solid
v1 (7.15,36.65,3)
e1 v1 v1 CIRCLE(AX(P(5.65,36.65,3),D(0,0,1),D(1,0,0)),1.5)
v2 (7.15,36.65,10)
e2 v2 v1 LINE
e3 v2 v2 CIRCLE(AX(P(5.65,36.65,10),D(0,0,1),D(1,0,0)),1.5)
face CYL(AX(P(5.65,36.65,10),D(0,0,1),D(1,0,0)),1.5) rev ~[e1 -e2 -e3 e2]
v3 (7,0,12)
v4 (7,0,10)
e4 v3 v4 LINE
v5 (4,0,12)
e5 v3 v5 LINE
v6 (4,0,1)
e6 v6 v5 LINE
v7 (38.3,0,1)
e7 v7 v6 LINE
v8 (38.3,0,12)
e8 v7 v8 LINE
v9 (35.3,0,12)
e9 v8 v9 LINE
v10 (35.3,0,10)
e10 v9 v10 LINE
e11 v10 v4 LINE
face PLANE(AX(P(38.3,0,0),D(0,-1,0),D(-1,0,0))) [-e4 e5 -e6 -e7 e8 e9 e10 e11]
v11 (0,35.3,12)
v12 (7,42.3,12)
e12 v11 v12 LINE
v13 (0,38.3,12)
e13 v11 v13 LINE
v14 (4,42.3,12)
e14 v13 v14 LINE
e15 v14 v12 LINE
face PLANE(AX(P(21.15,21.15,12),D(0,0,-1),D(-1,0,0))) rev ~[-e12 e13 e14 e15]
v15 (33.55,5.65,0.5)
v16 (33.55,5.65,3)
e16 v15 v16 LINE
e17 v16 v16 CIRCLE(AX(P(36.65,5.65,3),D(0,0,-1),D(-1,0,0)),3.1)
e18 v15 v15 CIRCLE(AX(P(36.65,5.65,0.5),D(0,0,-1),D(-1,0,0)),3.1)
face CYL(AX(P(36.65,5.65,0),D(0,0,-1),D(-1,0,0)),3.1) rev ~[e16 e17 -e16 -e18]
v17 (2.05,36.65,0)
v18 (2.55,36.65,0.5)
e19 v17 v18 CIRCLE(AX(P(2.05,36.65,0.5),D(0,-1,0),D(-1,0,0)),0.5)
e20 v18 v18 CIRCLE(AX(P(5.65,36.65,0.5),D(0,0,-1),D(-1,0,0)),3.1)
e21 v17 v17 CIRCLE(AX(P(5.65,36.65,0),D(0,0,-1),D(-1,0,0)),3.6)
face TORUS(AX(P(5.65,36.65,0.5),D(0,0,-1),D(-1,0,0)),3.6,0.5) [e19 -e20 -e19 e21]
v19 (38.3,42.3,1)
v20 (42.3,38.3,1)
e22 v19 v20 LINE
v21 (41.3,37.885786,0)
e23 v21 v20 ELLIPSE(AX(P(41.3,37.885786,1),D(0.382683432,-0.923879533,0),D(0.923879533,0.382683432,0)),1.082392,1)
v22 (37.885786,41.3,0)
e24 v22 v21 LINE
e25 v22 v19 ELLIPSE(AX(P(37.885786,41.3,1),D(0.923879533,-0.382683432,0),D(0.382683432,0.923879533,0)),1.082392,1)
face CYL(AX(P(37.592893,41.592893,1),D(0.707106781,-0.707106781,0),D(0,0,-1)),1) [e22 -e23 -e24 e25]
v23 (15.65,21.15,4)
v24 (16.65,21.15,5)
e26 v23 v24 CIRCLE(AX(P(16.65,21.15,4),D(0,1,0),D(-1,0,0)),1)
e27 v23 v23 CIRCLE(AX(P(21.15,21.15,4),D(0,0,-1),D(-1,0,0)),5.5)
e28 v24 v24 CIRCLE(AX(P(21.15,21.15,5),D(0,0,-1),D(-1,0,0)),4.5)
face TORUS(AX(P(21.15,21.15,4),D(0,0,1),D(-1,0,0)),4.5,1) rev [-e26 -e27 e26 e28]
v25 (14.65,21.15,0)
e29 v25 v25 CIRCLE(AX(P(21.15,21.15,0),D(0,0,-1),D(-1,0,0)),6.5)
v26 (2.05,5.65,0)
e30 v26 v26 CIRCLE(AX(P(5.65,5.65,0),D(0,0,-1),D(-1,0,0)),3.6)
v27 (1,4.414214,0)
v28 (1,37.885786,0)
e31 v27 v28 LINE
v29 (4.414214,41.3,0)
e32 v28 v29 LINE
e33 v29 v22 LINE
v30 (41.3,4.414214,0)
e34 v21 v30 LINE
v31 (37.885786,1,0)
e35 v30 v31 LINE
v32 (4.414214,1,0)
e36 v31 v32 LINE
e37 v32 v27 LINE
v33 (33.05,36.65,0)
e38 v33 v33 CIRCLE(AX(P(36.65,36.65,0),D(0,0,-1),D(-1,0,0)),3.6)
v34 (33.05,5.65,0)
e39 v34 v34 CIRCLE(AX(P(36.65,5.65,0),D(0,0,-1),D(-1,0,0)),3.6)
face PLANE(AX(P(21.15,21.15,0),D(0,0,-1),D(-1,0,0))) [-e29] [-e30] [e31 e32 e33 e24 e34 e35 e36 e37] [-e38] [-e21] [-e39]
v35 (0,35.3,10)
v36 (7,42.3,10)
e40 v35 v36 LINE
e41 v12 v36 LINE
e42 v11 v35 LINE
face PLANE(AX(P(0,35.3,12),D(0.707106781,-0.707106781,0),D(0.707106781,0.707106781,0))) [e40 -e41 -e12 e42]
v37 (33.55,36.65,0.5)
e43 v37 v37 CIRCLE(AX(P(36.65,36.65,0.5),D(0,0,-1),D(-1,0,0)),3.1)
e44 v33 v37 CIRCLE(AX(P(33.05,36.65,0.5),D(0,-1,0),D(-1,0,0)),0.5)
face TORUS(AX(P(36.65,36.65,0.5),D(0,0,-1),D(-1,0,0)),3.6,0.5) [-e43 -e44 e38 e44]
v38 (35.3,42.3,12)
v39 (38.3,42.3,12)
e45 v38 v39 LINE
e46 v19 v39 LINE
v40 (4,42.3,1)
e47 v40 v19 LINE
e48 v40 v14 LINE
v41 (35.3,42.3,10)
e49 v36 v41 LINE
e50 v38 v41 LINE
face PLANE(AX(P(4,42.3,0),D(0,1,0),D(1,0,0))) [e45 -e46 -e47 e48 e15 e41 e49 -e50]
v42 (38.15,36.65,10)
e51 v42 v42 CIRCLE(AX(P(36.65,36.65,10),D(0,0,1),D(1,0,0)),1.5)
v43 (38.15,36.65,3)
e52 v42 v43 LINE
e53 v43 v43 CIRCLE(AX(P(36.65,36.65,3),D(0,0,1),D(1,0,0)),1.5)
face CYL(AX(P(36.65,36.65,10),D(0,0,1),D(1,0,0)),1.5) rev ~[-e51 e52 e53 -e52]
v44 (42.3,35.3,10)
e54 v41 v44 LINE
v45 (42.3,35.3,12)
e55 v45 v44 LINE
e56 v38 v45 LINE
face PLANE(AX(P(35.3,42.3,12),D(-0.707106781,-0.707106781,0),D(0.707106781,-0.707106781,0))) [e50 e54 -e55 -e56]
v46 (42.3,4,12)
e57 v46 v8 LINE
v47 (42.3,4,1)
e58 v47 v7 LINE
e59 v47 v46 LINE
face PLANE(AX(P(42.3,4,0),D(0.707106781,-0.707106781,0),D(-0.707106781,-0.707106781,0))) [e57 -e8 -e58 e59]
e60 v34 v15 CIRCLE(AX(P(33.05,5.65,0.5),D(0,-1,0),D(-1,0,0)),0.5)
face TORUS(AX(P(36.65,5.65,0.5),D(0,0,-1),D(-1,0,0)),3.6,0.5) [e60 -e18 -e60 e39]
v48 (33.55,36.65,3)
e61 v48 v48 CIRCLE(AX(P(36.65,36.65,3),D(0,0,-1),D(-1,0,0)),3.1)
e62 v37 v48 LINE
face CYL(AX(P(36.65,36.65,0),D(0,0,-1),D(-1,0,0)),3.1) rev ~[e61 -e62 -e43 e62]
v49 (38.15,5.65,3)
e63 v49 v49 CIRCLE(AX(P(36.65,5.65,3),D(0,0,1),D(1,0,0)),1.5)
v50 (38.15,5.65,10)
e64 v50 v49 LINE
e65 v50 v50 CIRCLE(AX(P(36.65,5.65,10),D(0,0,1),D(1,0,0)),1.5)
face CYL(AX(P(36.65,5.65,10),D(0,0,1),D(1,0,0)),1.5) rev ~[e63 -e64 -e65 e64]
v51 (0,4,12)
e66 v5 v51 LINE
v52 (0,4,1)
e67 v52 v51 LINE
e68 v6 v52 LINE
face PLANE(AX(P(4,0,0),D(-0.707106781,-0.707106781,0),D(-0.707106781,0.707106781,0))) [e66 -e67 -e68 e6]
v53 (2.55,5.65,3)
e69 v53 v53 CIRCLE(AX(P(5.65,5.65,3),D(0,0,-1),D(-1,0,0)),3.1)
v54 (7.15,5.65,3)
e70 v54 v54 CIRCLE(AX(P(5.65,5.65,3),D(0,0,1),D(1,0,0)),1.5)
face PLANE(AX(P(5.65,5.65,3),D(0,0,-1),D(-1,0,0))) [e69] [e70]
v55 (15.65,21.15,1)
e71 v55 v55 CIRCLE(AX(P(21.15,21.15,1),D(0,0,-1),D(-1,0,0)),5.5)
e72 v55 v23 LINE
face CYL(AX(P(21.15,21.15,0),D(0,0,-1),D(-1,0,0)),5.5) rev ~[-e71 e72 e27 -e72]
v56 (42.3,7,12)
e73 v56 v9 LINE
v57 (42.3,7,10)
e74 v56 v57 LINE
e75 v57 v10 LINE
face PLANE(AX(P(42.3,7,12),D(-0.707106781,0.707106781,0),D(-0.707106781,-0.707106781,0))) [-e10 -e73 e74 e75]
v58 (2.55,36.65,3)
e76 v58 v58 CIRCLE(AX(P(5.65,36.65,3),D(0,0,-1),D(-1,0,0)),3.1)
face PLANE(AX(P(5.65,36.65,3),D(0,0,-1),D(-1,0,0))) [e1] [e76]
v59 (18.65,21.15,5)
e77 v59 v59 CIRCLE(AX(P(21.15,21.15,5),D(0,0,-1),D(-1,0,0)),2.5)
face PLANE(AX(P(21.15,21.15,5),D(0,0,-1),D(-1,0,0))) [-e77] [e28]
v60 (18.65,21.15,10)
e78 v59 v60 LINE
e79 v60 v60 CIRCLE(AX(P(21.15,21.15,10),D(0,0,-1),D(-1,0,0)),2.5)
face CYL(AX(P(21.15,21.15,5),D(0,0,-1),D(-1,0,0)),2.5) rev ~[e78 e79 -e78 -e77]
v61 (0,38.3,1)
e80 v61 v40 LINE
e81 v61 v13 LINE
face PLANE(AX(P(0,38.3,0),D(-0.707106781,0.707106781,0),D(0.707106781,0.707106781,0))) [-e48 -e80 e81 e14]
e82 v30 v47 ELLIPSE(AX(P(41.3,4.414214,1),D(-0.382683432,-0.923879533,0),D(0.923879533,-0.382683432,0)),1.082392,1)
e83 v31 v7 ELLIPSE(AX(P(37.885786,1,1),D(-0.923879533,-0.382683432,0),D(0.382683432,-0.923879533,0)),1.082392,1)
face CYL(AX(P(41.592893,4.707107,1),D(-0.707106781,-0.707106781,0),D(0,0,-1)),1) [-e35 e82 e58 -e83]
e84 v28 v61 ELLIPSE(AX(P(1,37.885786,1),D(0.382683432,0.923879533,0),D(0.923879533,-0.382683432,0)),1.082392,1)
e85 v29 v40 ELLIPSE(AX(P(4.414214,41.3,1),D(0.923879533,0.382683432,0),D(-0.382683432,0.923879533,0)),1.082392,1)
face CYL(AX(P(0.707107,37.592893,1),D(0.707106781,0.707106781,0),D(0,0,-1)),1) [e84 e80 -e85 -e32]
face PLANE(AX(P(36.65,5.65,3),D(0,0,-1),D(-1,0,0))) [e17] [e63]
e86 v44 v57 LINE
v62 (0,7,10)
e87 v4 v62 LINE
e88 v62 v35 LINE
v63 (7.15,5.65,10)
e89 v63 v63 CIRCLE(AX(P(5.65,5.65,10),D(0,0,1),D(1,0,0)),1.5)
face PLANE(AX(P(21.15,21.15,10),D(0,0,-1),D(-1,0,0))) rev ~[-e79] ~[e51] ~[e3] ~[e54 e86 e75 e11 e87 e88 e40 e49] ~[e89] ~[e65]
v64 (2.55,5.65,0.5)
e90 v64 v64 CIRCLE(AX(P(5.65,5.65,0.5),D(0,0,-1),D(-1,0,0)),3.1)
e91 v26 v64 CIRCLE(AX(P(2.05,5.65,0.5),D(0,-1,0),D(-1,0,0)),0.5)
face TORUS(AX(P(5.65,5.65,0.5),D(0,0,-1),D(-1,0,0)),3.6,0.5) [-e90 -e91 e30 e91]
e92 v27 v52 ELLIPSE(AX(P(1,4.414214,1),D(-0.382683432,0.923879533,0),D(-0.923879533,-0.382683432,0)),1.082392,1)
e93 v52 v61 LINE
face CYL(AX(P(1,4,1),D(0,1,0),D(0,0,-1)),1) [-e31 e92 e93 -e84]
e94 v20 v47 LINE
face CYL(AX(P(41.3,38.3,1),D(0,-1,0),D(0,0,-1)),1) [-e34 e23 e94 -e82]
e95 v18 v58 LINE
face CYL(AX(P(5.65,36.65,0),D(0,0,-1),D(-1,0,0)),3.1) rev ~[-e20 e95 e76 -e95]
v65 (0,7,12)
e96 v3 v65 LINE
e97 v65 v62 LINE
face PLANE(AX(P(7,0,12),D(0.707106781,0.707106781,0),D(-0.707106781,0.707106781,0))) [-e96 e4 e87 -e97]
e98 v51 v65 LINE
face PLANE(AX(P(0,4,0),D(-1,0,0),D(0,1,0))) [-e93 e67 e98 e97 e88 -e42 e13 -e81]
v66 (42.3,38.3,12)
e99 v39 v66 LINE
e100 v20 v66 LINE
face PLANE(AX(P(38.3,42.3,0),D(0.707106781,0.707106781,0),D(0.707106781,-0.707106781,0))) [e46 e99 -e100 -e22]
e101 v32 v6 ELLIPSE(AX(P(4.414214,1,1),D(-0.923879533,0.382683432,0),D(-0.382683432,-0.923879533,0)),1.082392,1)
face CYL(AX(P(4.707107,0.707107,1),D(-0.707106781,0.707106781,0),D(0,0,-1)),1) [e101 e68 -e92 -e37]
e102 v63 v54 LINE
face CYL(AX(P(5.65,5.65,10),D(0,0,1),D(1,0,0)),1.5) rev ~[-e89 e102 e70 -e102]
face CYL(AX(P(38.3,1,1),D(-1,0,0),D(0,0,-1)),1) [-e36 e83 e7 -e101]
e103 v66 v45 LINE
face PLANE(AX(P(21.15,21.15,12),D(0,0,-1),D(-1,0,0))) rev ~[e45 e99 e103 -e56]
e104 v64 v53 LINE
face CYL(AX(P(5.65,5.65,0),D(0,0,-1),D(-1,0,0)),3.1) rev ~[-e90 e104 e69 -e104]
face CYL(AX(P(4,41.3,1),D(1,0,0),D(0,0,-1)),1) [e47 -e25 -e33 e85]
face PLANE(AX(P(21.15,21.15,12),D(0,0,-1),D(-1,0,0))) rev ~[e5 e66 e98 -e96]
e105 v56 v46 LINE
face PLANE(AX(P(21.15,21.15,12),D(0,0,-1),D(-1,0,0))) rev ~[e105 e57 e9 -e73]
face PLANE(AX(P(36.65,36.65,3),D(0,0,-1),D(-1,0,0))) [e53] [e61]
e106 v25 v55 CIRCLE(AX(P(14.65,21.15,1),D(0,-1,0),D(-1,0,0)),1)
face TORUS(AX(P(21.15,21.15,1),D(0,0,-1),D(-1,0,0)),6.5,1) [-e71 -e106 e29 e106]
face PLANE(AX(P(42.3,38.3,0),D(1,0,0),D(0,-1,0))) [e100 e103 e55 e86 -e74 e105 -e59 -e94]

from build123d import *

# Parameters (mm, degrees)
Y_KSEKLIK_EKSTR_ZYON1_DEPTH = 12
KES_EKSTR_ZYON1_DEPTH       = 2
IZIM3_R                     = 1.5
KES_EKSTR_ZYON2_DEPTH       = 11
IZIM5_R                     = 3.1
KES_EKSTR_ZYON3_DEPTH       = 3
RADYUS1_R                   = 0.5
RADYUS2_R                   = 1
IZIM6_R                     = 5.5
KES_EKSTR_ZYON4_DEPTH       = 5
IZIM7_R                     = 2.5
KES_EKSTR_ZYON5_DEPTH       = 8
RADYUS3_R                   = 1


with BuildPart() as part:
    # Çizim1 → Yükseklik-Ekstrüzyon1 (new body)
    with BuildSketch(Plane.XY):
        Polygon((0, 38.3), (4, 42.3), (38.3, 42.3), (42.3, 38.3), (42.3, 4), (38.3, 0), (4, 0), (0, 4), align=None)
    extrude(amount=Y_KSEKLIK_EKSTR_ZYON1_DEPTH)

    # Çizim2 → Kes-Ekstrüzyon1 (cut)
    with BuildSketch(Plane.XY.offset(12)):
        Polygon((0, 35.3), (7, 42.3), (35.3, 42.3), (42.3, 35.3), (42.3, 7), (35.3, 0), (7, 0), (0, 7), align=None)
    extrude(amount=-KES_EKSTR_ZYON1_DEPTH, mode=Mode.SUBTRACT)

    # Çizim3 → Kes-Ekstrüzyon2 (cut, through all)
    with BuildSketch(Plane.XY.offset(10)):
        with Locations((5.65, 36.65)):
            Circle(IZIM3_R)
        with Locations((36.65, 36.65)):
            Circle(IZIM3_R)
        with Locations((36.65, 5.65)):
            Circle(IZIM3_R)
        with Locations((5.65, 5.65)):
            Circle(IZIM3_R)
    extrude(amount=-KES_EKSTR_ZYON2_DEPTH, mode=Mode.SUBTRACT)

    # Çizim5 → Kes-Ekstrüzyon3 (cut)
    with BuildSketch(Plane(origin=(0, 0, 0), x_dir=(-1, 0, 0), z_dir=(0, 0, -1))):
        with Locations((-36.65, 36.65)):
            Circle(IZIM5_R)
        with Locations((-5.65, 36.65)):
            Circle(IZIM5_R)
        with Locations((-5.65, 5.65)):
            Circle(IZIM5_R)
        with Locations((-36.65, 5.65)):
            Circle(IZIM5_R)
    extrude(amount=-KES_EKSTR_ZYON3_DEPTH, mode=Mode.SUBTRACT)

    # Radyus1
    radyus1_edges = [part.edges().sort_by_distance(p)[0] for p in [
        (39.75, 5.65, 0),
        (8.75, 5.65, 0),
        (8.75, 36.65, 0),
        (39.75, 36.65, 0),
    ]]
    fillet(radyus1_edges, radius=RADYUS1_R)

    # Radyus2
    radyus2_edges = [part.edges().sort_by_distance(p)[0] for p in [
        (2, 40.3, 0),
        (21.15, 42.3, 0),
        (40.3, 40.3, 0),
        (42.3, 21.15, 0),
        (40.3, 2, 0),
        (21.15, 0, 0),
        (2, 2, 0),
        (0, 21.15, 0),
    ]]
    fillet(radyus2_edges, radius=RADYUS2_R)

    # Çizim6 → Kes-Ekstrüzyon4 (cut)
    with BuildSketch(Plane(origin=(0, 0, 0), x_dir=(-1, 0, 0), z_dir=(0, 0, -1))):
        with Locations((-21.15, 21.15)):
            Circle(IZIM6_R)
    extrude(amount=-KES_EKSTR_ZYON4_DEPTH, mode=Mode.SUBTRACT)

    # Çizim7 → Kes-Ekstrüzyon5 (cut, through all)
    with BuildSketch(Plane(origin=(0, 0, 5), x_dir=(-1, 0, 0), z_dir=(0, 0, -1))):
        with Locations((-21.15, 21.15)):
            Circle(IZIM7_R)
    extrude(amount=-KES_EKSTR_ZYON5_DEPTH, mode=Mode.SUBTRACT)

    # Radyus3
    radyus3_edges = [part.edges().sort_by_distance(p)[0] for p in [
        (26.65, 21.15, 5),
        (26.65, 21.15, 0),
    ]]
    fillet(radyus3_edges, radius=RADYUS3_R)


solid = part.part
